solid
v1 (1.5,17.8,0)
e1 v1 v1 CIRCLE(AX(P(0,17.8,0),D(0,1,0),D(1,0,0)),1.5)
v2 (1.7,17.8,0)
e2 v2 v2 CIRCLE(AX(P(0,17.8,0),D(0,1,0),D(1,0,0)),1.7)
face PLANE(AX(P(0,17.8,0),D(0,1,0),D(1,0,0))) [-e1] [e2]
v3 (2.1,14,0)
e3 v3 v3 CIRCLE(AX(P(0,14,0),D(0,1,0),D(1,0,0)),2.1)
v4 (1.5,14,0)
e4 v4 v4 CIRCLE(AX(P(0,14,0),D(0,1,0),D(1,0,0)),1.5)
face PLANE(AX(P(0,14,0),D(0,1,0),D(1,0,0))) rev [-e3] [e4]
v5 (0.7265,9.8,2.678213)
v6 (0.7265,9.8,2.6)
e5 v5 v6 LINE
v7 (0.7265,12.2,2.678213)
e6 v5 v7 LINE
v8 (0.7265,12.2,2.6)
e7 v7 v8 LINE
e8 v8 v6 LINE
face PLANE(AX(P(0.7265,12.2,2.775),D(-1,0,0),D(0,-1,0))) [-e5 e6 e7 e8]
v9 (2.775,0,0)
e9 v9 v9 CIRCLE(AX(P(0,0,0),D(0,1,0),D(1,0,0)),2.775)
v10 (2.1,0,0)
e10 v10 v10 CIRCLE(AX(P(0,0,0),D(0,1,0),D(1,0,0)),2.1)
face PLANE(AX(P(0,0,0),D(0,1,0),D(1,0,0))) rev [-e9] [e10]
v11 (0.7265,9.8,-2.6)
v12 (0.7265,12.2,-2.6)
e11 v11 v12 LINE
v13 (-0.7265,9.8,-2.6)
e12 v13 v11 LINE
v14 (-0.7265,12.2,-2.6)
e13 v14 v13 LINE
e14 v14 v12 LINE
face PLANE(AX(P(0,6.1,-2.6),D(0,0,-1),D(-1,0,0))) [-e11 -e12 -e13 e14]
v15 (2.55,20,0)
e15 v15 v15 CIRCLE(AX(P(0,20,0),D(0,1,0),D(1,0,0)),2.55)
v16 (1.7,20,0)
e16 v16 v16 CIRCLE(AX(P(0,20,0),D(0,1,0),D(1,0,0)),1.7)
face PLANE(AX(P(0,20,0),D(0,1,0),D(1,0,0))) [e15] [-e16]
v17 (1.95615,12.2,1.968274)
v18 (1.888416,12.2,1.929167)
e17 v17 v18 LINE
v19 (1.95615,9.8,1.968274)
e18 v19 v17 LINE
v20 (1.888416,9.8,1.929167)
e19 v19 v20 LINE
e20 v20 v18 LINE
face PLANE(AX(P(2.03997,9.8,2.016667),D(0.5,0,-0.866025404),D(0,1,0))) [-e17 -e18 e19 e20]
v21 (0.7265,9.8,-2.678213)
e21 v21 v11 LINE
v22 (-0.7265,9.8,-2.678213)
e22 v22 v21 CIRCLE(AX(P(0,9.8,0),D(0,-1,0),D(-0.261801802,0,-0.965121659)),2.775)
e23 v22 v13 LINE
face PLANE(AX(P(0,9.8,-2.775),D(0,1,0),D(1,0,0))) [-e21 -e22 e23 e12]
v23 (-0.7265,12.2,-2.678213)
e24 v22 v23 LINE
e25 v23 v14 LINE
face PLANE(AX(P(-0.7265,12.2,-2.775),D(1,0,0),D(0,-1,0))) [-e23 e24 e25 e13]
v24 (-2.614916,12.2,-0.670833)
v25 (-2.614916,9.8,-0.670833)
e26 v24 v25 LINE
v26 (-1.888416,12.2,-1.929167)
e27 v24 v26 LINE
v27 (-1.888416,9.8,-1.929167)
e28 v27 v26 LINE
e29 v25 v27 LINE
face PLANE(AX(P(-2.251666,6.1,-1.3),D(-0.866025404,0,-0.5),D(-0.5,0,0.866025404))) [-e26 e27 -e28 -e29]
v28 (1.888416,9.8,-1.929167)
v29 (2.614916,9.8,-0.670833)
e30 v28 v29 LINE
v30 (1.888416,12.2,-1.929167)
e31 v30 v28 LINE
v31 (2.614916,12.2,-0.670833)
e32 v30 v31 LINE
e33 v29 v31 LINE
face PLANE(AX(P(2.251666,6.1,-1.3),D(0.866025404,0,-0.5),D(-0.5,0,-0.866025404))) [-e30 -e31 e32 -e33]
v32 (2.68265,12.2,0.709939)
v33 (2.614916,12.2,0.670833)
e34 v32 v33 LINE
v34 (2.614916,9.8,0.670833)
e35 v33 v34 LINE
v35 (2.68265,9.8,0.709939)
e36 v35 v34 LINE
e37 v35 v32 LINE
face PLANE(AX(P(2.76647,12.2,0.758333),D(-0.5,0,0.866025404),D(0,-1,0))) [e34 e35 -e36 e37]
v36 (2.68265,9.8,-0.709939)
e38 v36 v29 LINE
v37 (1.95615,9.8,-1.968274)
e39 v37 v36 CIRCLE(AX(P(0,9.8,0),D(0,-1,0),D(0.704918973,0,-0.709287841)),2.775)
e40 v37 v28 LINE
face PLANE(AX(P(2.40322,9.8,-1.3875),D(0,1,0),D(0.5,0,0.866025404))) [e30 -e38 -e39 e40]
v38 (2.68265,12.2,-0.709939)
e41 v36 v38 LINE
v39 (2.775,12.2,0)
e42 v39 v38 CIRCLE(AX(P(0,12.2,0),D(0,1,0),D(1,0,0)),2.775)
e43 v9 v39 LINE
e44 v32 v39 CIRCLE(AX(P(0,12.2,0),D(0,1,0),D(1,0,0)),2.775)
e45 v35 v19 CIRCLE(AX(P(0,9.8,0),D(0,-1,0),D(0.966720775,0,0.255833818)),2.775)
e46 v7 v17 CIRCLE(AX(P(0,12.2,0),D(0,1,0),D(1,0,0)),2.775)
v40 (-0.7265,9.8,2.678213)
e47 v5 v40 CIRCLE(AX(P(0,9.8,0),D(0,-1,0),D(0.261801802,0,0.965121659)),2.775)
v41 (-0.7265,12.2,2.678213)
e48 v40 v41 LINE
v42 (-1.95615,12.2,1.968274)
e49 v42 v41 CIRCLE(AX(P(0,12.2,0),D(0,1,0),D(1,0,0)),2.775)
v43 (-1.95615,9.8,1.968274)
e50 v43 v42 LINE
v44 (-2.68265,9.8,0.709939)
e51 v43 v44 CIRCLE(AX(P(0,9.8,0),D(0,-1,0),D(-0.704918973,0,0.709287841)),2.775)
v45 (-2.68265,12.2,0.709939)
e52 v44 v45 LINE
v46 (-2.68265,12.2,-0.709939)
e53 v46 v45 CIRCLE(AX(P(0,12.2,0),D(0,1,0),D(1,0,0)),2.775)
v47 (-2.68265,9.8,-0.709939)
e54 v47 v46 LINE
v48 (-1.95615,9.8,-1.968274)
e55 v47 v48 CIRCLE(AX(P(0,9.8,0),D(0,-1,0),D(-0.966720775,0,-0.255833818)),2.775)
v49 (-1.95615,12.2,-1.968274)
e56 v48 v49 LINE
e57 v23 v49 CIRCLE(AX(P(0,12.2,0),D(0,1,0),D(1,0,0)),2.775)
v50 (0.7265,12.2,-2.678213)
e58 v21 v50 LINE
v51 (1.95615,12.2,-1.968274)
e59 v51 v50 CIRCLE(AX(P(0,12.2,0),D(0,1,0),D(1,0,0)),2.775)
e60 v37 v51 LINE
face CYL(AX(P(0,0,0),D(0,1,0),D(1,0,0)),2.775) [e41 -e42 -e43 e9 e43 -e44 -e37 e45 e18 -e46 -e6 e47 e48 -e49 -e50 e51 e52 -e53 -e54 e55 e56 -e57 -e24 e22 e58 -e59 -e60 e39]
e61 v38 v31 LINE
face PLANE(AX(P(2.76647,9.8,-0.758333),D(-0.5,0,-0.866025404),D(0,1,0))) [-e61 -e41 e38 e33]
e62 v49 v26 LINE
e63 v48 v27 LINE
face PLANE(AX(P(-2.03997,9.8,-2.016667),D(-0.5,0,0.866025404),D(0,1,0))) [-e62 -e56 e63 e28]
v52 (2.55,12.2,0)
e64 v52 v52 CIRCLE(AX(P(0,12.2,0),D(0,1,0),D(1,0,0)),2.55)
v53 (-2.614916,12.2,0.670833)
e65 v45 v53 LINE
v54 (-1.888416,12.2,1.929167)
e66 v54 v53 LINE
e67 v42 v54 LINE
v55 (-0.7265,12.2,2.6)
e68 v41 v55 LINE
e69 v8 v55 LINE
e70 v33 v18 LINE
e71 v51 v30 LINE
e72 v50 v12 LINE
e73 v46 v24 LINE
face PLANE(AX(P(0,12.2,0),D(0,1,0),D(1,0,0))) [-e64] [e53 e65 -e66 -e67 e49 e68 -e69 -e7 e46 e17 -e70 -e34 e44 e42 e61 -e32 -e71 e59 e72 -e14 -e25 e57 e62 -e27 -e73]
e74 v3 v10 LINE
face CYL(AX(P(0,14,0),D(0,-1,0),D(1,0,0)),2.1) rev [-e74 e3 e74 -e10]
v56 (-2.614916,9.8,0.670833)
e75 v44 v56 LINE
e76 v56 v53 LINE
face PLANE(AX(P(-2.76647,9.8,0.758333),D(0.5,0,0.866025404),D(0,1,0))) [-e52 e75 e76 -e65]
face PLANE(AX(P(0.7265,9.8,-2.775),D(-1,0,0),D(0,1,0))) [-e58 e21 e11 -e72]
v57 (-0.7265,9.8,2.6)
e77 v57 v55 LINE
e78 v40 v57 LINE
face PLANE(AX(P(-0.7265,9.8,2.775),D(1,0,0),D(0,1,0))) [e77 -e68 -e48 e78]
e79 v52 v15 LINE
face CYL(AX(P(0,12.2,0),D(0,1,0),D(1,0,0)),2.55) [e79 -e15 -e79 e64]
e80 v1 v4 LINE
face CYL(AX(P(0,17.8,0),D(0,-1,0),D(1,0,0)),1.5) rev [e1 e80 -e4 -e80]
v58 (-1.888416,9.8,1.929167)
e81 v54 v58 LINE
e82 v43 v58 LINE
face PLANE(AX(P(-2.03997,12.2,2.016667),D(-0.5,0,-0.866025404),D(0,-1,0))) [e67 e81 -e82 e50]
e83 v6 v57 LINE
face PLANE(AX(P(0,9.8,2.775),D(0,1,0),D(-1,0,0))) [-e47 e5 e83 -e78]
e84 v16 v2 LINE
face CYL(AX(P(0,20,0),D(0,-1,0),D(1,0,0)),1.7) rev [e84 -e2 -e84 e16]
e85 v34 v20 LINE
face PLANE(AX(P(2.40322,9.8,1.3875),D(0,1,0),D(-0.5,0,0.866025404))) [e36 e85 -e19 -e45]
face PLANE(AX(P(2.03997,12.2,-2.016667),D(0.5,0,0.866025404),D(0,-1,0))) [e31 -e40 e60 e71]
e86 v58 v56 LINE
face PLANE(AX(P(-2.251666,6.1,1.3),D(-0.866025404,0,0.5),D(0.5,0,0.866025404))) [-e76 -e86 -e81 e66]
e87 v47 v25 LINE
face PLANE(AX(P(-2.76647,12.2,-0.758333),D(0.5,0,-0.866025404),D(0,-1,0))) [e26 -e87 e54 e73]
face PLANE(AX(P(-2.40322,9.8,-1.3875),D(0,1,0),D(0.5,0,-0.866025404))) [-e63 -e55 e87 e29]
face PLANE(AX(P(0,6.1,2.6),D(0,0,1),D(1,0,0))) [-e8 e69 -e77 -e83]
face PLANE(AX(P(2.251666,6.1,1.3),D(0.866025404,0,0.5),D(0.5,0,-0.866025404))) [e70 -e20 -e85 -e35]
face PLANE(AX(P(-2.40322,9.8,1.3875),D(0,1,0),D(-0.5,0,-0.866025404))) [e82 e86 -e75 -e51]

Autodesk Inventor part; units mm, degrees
ref_plane "YZ Plane" through (0, 0, 0) normal (1, 0, 0) x (0, 1, 0)
sketch "Sketch1" plane through (0, 0, 0) normal (0, 0, 1) x (1, 0, 0)
  line L0 (0, 0) -> (0, 20)
  line L1 (2.1, 0) -> (2.775, 0)
  line L2 (2.775, 0) -> (2.775, 12.2)
  line L3 (2.775, 12.2) -> (2.55, 12.2)
  line L4 (2.55, 12.2) -> (2.55, 20)
  line L5 (2.55, 20) -> (1.7, 20)
  line L6 (1.7, 20) -> (1.7, 17.8)
  line L7 (1.7, 17.8) -> (1.5, 17.8)
  line L8 (1.5, 17.8) -> (1.5, 14)
  line L9 (1.5, 14) -> (2.1, 14)
  line L10 (2.1, 14) -> (2.1, 0)
  dimension "d0" = 3.4
  dimension "d1" = 3
  dimension "d3" = 4.2
  dimension "d4" = 12.2
  dimension "d5" = 20
  dimension "d6" = 14
  dimension "d7" = 17.8
  dimension "d8" = 5.55
  dimension "d9" = 5.1
revolve "Revolution1" add sketch "Sketch1" angle 360 about axis through (0, 0, 0) along (0, 1, 0)
ref_plane "Work Plane1" through (0, 6.1, 2.775) normal (0, 0, 1) x (1, 0, 0)
sketch "Sketch2" plane through (0, 6.1, 2.775) normal (0, 0, 1) x (1, 0, 0)
  line L0 (-2.775, 6.1) -> (2.775, 6.1) projected
  line L1 (-2.775, -6.1) -> (2.775, -6.1) projected
  line L2 (-0.7265, 6.1) -> (0.7265, 6.1)
  line L3 (0.7265, 6.1) -> (0.7265, 3.7)
  line L4 (0.7265, 3.7) -> (-0.7265, 3.7)
  line L5 (-0.7265, 3.7) -> (-0.7265, 6.1)
  line L6 (0, -10.1) -> (0, 17.9) projected
  dimension "d12" = 9.8
  dimension "d13" = 1.453
ref_plane "Work Plane2" through (0, 0, 2.6) normal (0, 0, 1) x (1, 0, 0)
extrude "Extrusion1" cut sketch "Sketch2" against normal up to surface (0.175 mm away)
pattern_circular "Circular Pattern1" count 6 over 360 about axis through (0, 6.1, 0) along (0, -1, 0) of "Extrusion1"
properties part number "PP-06" material "ABS Plastic"
